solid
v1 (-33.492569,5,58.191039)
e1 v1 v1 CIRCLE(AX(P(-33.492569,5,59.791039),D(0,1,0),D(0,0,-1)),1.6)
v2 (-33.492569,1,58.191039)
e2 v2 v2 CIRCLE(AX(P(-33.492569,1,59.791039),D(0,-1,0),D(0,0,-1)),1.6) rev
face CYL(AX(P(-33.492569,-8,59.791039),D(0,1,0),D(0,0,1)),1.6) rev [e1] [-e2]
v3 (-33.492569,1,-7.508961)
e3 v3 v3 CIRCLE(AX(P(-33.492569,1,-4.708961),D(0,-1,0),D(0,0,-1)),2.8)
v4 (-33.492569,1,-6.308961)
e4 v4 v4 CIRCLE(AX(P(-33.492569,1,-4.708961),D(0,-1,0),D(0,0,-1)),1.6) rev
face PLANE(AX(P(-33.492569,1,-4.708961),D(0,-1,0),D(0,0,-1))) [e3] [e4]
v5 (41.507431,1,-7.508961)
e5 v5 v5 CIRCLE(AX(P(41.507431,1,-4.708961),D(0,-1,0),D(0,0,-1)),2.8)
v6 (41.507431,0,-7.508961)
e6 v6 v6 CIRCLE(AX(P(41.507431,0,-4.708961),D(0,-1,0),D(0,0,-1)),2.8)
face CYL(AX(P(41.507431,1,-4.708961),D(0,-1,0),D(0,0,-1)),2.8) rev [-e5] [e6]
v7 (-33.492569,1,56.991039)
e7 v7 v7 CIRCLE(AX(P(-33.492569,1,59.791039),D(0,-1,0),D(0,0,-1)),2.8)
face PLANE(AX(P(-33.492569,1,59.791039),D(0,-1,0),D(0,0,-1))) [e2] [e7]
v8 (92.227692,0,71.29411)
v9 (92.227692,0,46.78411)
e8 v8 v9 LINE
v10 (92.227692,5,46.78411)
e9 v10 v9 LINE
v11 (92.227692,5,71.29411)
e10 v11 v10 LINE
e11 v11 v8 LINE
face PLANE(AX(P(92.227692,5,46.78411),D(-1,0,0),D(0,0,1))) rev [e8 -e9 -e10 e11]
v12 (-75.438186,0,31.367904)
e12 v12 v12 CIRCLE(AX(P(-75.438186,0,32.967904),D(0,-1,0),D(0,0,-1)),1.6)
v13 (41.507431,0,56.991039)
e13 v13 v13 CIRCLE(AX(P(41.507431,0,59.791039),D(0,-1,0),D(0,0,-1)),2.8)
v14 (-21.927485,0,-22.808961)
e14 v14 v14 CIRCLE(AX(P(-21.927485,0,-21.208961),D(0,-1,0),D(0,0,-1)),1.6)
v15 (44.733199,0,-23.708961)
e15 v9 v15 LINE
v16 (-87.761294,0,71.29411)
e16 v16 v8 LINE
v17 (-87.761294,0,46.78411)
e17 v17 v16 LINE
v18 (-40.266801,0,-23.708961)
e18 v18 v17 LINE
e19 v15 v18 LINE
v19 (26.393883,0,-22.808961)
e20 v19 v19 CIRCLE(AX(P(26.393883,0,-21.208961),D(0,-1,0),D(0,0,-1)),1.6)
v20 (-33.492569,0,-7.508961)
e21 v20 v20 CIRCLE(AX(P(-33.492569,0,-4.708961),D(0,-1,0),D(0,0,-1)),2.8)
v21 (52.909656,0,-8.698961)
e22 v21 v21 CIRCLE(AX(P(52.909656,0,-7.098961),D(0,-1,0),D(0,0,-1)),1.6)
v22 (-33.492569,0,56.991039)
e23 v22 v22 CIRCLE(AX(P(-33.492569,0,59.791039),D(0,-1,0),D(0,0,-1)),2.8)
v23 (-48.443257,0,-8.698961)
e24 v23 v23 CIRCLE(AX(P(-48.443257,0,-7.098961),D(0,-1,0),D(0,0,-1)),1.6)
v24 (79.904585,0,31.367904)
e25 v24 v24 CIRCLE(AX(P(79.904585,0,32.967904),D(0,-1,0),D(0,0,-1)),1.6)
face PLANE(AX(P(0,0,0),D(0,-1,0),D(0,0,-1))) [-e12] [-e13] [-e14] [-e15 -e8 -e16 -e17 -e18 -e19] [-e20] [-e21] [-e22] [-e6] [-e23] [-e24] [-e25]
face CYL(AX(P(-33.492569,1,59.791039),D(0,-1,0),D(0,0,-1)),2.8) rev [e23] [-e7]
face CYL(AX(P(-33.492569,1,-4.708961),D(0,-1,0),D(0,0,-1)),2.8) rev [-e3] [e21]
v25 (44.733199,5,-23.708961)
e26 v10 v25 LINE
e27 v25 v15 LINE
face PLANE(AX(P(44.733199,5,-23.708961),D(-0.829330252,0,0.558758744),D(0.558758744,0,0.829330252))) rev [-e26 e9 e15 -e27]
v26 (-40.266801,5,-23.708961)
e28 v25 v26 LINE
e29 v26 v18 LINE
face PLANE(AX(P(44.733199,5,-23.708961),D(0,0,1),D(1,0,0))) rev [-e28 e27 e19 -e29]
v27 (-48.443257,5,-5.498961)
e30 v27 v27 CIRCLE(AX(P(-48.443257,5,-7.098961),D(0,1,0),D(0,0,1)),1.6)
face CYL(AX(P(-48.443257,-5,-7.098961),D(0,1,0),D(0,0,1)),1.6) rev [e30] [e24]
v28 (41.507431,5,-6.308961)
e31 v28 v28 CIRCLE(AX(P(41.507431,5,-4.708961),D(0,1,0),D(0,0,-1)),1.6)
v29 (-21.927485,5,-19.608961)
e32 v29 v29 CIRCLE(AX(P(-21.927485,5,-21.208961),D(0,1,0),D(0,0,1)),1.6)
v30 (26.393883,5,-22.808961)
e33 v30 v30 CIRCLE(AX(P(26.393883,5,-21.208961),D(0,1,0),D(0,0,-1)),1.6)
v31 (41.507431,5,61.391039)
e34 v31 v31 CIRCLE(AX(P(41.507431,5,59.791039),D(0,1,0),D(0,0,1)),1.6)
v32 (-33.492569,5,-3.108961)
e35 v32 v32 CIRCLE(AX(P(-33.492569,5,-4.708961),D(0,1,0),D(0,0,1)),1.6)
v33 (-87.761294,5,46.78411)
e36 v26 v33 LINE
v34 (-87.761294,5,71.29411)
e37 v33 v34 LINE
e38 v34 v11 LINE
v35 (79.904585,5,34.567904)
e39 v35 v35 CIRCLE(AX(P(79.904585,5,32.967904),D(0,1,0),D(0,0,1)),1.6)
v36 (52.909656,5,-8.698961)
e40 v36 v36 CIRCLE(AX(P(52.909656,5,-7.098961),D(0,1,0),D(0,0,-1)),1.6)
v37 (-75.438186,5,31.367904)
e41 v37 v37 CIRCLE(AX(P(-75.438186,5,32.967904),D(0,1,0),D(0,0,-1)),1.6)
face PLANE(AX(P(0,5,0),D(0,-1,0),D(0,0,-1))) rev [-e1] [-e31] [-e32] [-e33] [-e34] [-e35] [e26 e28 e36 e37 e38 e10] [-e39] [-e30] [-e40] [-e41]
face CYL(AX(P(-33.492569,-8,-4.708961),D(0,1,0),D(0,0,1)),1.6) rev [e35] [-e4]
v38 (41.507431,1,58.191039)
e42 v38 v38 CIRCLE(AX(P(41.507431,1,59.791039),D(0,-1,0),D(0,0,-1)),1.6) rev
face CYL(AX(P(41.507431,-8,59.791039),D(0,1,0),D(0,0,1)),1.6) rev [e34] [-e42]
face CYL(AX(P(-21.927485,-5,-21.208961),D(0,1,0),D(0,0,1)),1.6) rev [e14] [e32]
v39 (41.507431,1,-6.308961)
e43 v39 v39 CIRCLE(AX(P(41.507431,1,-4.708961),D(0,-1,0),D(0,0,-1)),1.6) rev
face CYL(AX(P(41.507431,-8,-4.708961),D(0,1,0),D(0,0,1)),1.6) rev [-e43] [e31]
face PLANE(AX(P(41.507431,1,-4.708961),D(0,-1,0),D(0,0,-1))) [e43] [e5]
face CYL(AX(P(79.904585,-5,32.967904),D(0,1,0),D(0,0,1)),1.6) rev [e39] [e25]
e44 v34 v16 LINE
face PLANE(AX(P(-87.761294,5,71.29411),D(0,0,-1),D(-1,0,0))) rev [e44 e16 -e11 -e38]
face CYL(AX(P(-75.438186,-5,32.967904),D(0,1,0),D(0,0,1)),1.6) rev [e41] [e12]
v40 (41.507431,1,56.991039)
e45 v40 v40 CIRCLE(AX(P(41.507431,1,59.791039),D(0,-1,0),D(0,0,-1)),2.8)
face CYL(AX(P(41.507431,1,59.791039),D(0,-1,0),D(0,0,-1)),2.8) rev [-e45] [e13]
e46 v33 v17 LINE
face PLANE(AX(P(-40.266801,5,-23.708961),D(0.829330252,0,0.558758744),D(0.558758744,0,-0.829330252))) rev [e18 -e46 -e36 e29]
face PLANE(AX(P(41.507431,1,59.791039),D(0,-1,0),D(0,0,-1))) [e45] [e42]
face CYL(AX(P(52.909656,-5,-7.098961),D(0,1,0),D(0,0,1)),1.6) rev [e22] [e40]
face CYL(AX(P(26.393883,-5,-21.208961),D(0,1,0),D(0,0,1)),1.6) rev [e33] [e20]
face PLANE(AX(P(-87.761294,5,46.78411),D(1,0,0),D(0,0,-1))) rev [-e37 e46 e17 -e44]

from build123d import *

# Parameters (mm, degrees)
BOSS_EXTRUDE1_DEPTH = 5
SKETCH2_R           = 1.6
CUT_EXTRUDE1_DEPTH  = 10
SKETCH3_R           = 1.6
CUT_EXTRUDE2_DEPTH  = 13
SKETCH5_R           = 2.8
CUT_EXTRUDE3_DEPTH  = 1
SKETCH4_R           = 2.8
CUT_EXTRUDE4_DEPTH  = 1


with BuildPart() as part:
    # Sketch1 → Boss-Extrude1 (new body)
    with BuildSketch(Plane(origin=(0, 0, 0), x_dir=(1, 0, 0), z_dir=(0, 1, 0))):
        Polygon((44.733199147, 23.708961101), (-40.266800853, 23.708961101), (-87.761294074, -46.784110287), (-87.761294074, -71.294110287), (92.227692368, -71.294110287), (92.227692368, -46.784110287), align=None)
    extrude(amount=BOSS_EXTRUDE1_DEPTH)

    # Sketch2 → Cut-Extrude1 (cut)
    with BuildSketch(Plane(origin=(0, 5, 0), x_dir=(1, 0, 0), z_dir=(0, 1, 0))):
        with Locations((-21.927484651, 21.208961101)):
            Circle(SKETCH2_R)
        with Locations((26.393882946, 21.208961101)):
            Circle(SKETCH2_R)
        with Locations((-48.443257362, 7.098961101)):
            Circle(SKETCH2_R)
        with Locations((-75.438186307, -32.967904005)):
            Circle(SKETCH2_R)
        with Locations((52.909655656, 7.098961101)):
            Circle(SKETCH2_R)
        with Locations((79.904584601, -32.967904005)):
            Circle(SKETCH2_R)
    extrude(amount=-CUT_EXTRUDE1_DEPTH, mode=Mode.SUBTRACT)

    # Sketch3 → Cut-Extrude2 (cut)
    with BuildSketch(Plane(origin=(0, 5, 0), x_dir=(1, 0, 0), z_dir=(0, 1, 0))):
        with Locations((-33.49256942, 4.708961101)):
            Circle(SKETCH3_R)
        with Locations((41.50743058, 4.708961101)):
            Circle(SKETCH3_R)
        with Locations((41.50743058, -59.791038899)):
            Circle(SKETCH3_R)
        with Locations((-33.49256942, -59.791038899)):
            Circle(SKETCH3_R)
    extrude(amount=-CUT_EXTRUDE2_DEPTH, mode=Mode.SUBTRACT)

    # Sketch5 → Cut-Extrude3 (cut)
    with BuildSketch(Plane(origin=(0, 0, 0), x_dir=(-1, 0, 0), z_dir=(0, -1, 0))):
        with Locations((33.49256942, 4.708961101)):
            Circle(SKETCH5_R)
        with Locations((33.49256942, -59.791038899)):
            Circle(SKETCH5_R)
        with Locations((-41.50743058, -59.791038899)):
            Circle(SKETCH5_R)
    extrude(amount=-CUT_EXTRUDE3_DEPTH, mode=Mode.SUBTRACT)

    # Sketch4 → Cut-Extrude4 (cut)
    with BuildSketch(Plane.XZ):
        with Locations((41.50743058, -4.708961101)):
            Circle(SKETCH4_R)
    extrude(amount=-CUT_EXTRUDE4_DEPTH, mode=Mode.SUBTRACT)


solid = part.part
